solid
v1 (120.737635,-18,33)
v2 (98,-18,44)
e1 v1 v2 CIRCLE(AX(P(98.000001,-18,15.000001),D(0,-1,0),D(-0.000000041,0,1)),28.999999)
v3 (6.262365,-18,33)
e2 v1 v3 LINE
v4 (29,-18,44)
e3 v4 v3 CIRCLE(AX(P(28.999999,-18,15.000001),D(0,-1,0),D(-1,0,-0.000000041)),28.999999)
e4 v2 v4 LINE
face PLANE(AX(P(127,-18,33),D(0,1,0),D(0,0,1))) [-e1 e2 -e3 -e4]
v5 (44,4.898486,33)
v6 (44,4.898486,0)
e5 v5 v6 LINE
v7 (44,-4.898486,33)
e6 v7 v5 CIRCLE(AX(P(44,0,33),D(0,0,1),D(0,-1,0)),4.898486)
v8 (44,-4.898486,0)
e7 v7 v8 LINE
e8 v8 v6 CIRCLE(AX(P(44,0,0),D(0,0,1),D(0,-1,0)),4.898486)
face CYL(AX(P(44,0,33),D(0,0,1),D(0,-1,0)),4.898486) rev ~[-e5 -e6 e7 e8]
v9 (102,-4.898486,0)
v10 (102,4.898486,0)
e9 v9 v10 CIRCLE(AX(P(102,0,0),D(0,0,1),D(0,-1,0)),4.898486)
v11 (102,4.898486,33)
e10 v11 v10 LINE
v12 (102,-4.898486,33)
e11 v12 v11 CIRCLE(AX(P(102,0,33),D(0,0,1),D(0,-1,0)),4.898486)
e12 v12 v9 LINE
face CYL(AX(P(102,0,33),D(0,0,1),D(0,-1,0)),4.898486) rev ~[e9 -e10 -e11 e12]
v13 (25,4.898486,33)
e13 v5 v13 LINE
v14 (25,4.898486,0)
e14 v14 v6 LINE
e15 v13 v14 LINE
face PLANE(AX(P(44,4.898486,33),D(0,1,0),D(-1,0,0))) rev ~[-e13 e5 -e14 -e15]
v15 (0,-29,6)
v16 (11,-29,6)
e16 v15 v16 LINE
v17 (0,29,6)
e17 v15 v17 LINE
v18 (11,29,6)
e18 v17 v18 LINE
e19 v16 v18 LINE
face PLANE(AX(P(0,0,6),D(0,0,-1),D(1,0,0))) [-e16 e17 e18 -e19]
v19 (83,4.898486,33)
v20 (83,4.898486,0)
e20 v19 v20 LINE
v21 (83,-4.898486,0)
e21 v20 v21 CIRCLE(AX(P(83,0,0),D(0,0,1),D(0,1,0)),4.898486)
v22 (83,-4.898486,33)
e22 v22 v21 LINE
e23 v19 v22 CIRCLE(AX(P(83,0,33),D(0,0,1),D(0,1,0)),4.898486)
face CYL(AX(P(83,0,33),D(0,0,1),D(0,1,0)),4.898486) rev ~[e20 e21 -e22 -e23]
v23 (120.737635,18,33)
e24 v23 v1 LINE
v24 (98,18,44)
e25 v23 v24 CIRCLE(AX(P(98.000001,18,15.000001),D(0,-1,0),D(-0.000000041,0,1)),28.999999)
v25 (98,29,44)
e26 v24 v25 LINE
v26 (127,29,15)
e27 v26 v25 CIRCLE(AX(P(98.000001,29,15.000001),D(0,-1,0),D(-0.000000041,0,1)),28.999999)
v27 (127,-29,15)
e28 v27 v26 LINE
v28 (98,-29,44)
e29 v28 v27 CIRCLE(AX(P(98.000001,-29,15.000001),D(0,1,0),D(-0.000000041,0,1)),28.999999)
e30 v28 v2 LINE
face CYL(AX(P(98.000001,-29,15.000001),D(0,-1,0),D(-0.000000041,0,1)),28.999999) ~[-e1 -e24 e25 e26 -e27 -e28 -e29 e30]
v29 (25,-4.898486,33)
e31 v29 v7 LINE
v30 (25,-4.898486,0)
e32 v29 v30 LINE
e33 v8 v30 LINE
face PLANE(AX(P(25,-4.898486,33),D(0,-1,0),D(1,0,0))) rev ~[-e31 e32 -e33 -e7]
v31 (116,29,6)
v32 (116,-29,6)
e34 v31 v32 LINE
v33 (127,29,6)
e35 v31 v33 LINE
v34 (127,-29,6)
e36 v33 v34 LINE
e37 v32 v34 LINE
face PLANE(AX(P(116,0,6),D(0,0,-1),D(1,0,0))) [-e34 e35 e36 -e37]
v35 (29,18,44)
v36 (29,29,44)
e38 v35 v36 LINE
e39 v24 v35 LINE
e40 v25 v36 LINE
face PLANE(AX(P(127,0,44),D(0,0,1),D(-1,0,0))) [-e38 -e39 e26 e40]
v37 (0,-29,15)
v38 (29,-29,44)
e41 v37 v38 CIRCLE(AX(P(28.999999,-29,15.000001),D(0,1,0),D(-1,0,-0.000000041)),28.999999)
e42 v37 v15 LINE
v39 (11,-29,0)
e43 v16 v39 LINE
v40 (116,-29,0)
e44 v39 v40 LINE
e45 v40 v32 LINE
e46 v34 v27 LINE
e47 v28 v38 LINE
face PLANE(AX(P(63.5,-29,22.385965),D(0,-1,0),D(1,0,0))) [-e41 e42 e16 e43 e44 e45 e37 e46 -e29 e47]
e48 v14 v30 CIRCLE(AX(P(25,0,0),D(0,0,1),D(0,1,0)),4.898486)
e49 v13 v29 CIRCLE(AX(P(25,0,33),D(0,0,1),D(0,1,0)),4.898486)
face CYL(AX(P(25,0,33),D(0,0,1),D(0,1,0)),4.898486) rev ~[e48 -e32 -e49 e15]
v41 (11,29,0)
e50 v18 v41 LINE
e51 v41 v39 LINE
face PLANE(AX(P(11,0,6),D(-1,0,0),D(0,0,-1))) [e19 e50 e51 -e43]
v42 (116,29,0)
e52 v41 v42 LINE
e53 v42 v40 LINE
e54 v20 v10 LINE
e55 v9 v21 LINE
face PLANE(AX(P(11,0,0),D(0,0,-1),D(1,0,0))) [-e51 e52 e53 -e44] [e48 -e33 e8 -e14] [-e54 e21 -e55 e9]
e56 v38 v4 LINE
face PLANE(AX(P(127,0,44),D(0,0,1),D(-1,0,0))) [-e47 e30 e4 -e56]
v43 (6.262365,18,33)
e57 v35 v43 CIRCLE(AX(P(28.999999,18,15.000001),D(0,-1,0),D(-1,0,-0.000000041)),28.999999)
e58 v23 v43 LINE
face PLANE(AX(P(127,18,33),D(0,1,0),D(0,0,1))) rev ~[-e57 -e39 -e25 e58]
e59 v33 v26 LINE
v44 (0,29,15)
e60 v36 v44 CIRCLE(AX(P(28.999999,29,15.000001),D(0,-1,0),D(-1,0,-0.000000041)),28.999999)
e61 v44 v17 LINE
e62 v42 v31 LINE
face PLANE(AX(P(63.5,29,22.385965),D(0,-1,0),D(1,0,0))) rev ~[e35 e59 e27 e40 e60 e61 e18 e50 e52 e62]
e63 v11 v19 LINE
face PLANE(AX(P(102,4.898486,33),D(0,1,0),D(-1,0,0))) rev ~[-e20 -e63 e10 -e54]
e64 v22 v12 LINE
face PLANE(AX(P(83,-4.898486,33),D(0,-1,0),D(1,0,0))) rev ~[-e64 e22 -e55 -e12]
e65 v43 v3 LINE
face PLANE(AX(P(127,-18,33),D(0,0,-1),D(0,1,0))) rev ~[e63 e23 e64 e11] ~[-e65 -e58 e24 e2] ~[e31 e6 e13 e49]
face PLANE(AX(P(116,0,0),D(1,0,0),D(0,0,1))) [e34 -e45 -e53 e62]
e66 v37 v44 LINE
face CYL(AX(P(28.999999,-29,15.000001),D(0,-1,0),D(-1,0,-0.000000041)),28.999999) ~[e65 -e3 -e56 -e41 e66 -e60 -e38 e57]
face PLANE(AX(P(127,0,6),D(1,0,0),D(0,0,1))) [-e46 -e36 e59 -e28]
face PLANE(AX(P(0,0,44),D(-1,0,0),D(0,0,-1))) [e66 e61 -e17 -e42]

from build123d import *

# Parameters (mm, degrees)
F1_DEPTH = 29
F2_W     = 36
F2_H     = 11
F3_DEPTH = 127.001
F5_DEPTH = 58.001
F7_DEPTH = 58.001
F9_DEPTH = 33.001


with BuildPart() as f1:
    # F0 (on Front) → F1 (new body, symmetric)
    with BuildSketch(Plane.XZ):
        Polygon((11, 6), (11, 0), (116, 0), (116, 6), (127, 6), (127, 44), (0, 44), (0, 6), align=None)
    extrude(amount=F1_DEPTH, both=True)

    # F2 (on face) → F3 (cut, through all)
    with BuildSketch(Plane.YZ.offset(127)):
        with Locations((0, 38.5)):
            Rectangle(F2_W, F2_H)
    extrude(amount=-F3_DEPTH, mode=Mode.SUBTRACT)

    # F4 (on face) → F5 (cut, through all)
    with BuildSketch(Plane.XZ.offset(29)):
        with BuildLine():
            ThreePointArc((0, 15), (8.493903, 35.506097), (29, 44))
            Line((29, 44), (0, 44))
            Line((0, 44), (0, 15))
        make_face()
    extrude(amount=-F5_DEPTH, mode=Mode.SUBTRACT)

    # F6 (on face) → F7 (cut, through all)
    with BuildSketch(Plane.XZ.offset(29)):
        with BuildLine():
            ThreePointArc((98, 44), (118.506097, 35.506097), (127, 15))
            Line((127, 15), (127, 44))
            Line((127, 44), (98, 44))
        make_face()
    extrude(amount=-F7_DEPTH, mode=Mode.SUBTRACT)

    # F8 (on face) → F9 (cut, through all)
    with BuildSketch(Plane.XY.offset(33)):
        with BuildLine():
            Line((102, 4.898486), (83, 4.898486))
            ThreePointArc((83, 4.898486), (78.101514, 0), (83, -4.898486))
            Line((83, -4.898486), (102, -4.898486))
            ThreePointArc((102, -4.898486), (106.898486, 0), (102, 4.898486))
        make_face()
        with BuildLine():
            Line((44, 4.898486), (25, 4.898486))
            ThreePointArc((25, 4.898486), (20.101514, 0), (25, -4.898486))
            Line((25, -4.898486), (44, -4.898486))
            ThreePointArc((44, -4.898486), (48.898486, 0), (44, 4.898486))
        make_face()
    extrude(amount=-F9_DEPTH, mode=Mode.SUBTRACT)


solid = f1.part
